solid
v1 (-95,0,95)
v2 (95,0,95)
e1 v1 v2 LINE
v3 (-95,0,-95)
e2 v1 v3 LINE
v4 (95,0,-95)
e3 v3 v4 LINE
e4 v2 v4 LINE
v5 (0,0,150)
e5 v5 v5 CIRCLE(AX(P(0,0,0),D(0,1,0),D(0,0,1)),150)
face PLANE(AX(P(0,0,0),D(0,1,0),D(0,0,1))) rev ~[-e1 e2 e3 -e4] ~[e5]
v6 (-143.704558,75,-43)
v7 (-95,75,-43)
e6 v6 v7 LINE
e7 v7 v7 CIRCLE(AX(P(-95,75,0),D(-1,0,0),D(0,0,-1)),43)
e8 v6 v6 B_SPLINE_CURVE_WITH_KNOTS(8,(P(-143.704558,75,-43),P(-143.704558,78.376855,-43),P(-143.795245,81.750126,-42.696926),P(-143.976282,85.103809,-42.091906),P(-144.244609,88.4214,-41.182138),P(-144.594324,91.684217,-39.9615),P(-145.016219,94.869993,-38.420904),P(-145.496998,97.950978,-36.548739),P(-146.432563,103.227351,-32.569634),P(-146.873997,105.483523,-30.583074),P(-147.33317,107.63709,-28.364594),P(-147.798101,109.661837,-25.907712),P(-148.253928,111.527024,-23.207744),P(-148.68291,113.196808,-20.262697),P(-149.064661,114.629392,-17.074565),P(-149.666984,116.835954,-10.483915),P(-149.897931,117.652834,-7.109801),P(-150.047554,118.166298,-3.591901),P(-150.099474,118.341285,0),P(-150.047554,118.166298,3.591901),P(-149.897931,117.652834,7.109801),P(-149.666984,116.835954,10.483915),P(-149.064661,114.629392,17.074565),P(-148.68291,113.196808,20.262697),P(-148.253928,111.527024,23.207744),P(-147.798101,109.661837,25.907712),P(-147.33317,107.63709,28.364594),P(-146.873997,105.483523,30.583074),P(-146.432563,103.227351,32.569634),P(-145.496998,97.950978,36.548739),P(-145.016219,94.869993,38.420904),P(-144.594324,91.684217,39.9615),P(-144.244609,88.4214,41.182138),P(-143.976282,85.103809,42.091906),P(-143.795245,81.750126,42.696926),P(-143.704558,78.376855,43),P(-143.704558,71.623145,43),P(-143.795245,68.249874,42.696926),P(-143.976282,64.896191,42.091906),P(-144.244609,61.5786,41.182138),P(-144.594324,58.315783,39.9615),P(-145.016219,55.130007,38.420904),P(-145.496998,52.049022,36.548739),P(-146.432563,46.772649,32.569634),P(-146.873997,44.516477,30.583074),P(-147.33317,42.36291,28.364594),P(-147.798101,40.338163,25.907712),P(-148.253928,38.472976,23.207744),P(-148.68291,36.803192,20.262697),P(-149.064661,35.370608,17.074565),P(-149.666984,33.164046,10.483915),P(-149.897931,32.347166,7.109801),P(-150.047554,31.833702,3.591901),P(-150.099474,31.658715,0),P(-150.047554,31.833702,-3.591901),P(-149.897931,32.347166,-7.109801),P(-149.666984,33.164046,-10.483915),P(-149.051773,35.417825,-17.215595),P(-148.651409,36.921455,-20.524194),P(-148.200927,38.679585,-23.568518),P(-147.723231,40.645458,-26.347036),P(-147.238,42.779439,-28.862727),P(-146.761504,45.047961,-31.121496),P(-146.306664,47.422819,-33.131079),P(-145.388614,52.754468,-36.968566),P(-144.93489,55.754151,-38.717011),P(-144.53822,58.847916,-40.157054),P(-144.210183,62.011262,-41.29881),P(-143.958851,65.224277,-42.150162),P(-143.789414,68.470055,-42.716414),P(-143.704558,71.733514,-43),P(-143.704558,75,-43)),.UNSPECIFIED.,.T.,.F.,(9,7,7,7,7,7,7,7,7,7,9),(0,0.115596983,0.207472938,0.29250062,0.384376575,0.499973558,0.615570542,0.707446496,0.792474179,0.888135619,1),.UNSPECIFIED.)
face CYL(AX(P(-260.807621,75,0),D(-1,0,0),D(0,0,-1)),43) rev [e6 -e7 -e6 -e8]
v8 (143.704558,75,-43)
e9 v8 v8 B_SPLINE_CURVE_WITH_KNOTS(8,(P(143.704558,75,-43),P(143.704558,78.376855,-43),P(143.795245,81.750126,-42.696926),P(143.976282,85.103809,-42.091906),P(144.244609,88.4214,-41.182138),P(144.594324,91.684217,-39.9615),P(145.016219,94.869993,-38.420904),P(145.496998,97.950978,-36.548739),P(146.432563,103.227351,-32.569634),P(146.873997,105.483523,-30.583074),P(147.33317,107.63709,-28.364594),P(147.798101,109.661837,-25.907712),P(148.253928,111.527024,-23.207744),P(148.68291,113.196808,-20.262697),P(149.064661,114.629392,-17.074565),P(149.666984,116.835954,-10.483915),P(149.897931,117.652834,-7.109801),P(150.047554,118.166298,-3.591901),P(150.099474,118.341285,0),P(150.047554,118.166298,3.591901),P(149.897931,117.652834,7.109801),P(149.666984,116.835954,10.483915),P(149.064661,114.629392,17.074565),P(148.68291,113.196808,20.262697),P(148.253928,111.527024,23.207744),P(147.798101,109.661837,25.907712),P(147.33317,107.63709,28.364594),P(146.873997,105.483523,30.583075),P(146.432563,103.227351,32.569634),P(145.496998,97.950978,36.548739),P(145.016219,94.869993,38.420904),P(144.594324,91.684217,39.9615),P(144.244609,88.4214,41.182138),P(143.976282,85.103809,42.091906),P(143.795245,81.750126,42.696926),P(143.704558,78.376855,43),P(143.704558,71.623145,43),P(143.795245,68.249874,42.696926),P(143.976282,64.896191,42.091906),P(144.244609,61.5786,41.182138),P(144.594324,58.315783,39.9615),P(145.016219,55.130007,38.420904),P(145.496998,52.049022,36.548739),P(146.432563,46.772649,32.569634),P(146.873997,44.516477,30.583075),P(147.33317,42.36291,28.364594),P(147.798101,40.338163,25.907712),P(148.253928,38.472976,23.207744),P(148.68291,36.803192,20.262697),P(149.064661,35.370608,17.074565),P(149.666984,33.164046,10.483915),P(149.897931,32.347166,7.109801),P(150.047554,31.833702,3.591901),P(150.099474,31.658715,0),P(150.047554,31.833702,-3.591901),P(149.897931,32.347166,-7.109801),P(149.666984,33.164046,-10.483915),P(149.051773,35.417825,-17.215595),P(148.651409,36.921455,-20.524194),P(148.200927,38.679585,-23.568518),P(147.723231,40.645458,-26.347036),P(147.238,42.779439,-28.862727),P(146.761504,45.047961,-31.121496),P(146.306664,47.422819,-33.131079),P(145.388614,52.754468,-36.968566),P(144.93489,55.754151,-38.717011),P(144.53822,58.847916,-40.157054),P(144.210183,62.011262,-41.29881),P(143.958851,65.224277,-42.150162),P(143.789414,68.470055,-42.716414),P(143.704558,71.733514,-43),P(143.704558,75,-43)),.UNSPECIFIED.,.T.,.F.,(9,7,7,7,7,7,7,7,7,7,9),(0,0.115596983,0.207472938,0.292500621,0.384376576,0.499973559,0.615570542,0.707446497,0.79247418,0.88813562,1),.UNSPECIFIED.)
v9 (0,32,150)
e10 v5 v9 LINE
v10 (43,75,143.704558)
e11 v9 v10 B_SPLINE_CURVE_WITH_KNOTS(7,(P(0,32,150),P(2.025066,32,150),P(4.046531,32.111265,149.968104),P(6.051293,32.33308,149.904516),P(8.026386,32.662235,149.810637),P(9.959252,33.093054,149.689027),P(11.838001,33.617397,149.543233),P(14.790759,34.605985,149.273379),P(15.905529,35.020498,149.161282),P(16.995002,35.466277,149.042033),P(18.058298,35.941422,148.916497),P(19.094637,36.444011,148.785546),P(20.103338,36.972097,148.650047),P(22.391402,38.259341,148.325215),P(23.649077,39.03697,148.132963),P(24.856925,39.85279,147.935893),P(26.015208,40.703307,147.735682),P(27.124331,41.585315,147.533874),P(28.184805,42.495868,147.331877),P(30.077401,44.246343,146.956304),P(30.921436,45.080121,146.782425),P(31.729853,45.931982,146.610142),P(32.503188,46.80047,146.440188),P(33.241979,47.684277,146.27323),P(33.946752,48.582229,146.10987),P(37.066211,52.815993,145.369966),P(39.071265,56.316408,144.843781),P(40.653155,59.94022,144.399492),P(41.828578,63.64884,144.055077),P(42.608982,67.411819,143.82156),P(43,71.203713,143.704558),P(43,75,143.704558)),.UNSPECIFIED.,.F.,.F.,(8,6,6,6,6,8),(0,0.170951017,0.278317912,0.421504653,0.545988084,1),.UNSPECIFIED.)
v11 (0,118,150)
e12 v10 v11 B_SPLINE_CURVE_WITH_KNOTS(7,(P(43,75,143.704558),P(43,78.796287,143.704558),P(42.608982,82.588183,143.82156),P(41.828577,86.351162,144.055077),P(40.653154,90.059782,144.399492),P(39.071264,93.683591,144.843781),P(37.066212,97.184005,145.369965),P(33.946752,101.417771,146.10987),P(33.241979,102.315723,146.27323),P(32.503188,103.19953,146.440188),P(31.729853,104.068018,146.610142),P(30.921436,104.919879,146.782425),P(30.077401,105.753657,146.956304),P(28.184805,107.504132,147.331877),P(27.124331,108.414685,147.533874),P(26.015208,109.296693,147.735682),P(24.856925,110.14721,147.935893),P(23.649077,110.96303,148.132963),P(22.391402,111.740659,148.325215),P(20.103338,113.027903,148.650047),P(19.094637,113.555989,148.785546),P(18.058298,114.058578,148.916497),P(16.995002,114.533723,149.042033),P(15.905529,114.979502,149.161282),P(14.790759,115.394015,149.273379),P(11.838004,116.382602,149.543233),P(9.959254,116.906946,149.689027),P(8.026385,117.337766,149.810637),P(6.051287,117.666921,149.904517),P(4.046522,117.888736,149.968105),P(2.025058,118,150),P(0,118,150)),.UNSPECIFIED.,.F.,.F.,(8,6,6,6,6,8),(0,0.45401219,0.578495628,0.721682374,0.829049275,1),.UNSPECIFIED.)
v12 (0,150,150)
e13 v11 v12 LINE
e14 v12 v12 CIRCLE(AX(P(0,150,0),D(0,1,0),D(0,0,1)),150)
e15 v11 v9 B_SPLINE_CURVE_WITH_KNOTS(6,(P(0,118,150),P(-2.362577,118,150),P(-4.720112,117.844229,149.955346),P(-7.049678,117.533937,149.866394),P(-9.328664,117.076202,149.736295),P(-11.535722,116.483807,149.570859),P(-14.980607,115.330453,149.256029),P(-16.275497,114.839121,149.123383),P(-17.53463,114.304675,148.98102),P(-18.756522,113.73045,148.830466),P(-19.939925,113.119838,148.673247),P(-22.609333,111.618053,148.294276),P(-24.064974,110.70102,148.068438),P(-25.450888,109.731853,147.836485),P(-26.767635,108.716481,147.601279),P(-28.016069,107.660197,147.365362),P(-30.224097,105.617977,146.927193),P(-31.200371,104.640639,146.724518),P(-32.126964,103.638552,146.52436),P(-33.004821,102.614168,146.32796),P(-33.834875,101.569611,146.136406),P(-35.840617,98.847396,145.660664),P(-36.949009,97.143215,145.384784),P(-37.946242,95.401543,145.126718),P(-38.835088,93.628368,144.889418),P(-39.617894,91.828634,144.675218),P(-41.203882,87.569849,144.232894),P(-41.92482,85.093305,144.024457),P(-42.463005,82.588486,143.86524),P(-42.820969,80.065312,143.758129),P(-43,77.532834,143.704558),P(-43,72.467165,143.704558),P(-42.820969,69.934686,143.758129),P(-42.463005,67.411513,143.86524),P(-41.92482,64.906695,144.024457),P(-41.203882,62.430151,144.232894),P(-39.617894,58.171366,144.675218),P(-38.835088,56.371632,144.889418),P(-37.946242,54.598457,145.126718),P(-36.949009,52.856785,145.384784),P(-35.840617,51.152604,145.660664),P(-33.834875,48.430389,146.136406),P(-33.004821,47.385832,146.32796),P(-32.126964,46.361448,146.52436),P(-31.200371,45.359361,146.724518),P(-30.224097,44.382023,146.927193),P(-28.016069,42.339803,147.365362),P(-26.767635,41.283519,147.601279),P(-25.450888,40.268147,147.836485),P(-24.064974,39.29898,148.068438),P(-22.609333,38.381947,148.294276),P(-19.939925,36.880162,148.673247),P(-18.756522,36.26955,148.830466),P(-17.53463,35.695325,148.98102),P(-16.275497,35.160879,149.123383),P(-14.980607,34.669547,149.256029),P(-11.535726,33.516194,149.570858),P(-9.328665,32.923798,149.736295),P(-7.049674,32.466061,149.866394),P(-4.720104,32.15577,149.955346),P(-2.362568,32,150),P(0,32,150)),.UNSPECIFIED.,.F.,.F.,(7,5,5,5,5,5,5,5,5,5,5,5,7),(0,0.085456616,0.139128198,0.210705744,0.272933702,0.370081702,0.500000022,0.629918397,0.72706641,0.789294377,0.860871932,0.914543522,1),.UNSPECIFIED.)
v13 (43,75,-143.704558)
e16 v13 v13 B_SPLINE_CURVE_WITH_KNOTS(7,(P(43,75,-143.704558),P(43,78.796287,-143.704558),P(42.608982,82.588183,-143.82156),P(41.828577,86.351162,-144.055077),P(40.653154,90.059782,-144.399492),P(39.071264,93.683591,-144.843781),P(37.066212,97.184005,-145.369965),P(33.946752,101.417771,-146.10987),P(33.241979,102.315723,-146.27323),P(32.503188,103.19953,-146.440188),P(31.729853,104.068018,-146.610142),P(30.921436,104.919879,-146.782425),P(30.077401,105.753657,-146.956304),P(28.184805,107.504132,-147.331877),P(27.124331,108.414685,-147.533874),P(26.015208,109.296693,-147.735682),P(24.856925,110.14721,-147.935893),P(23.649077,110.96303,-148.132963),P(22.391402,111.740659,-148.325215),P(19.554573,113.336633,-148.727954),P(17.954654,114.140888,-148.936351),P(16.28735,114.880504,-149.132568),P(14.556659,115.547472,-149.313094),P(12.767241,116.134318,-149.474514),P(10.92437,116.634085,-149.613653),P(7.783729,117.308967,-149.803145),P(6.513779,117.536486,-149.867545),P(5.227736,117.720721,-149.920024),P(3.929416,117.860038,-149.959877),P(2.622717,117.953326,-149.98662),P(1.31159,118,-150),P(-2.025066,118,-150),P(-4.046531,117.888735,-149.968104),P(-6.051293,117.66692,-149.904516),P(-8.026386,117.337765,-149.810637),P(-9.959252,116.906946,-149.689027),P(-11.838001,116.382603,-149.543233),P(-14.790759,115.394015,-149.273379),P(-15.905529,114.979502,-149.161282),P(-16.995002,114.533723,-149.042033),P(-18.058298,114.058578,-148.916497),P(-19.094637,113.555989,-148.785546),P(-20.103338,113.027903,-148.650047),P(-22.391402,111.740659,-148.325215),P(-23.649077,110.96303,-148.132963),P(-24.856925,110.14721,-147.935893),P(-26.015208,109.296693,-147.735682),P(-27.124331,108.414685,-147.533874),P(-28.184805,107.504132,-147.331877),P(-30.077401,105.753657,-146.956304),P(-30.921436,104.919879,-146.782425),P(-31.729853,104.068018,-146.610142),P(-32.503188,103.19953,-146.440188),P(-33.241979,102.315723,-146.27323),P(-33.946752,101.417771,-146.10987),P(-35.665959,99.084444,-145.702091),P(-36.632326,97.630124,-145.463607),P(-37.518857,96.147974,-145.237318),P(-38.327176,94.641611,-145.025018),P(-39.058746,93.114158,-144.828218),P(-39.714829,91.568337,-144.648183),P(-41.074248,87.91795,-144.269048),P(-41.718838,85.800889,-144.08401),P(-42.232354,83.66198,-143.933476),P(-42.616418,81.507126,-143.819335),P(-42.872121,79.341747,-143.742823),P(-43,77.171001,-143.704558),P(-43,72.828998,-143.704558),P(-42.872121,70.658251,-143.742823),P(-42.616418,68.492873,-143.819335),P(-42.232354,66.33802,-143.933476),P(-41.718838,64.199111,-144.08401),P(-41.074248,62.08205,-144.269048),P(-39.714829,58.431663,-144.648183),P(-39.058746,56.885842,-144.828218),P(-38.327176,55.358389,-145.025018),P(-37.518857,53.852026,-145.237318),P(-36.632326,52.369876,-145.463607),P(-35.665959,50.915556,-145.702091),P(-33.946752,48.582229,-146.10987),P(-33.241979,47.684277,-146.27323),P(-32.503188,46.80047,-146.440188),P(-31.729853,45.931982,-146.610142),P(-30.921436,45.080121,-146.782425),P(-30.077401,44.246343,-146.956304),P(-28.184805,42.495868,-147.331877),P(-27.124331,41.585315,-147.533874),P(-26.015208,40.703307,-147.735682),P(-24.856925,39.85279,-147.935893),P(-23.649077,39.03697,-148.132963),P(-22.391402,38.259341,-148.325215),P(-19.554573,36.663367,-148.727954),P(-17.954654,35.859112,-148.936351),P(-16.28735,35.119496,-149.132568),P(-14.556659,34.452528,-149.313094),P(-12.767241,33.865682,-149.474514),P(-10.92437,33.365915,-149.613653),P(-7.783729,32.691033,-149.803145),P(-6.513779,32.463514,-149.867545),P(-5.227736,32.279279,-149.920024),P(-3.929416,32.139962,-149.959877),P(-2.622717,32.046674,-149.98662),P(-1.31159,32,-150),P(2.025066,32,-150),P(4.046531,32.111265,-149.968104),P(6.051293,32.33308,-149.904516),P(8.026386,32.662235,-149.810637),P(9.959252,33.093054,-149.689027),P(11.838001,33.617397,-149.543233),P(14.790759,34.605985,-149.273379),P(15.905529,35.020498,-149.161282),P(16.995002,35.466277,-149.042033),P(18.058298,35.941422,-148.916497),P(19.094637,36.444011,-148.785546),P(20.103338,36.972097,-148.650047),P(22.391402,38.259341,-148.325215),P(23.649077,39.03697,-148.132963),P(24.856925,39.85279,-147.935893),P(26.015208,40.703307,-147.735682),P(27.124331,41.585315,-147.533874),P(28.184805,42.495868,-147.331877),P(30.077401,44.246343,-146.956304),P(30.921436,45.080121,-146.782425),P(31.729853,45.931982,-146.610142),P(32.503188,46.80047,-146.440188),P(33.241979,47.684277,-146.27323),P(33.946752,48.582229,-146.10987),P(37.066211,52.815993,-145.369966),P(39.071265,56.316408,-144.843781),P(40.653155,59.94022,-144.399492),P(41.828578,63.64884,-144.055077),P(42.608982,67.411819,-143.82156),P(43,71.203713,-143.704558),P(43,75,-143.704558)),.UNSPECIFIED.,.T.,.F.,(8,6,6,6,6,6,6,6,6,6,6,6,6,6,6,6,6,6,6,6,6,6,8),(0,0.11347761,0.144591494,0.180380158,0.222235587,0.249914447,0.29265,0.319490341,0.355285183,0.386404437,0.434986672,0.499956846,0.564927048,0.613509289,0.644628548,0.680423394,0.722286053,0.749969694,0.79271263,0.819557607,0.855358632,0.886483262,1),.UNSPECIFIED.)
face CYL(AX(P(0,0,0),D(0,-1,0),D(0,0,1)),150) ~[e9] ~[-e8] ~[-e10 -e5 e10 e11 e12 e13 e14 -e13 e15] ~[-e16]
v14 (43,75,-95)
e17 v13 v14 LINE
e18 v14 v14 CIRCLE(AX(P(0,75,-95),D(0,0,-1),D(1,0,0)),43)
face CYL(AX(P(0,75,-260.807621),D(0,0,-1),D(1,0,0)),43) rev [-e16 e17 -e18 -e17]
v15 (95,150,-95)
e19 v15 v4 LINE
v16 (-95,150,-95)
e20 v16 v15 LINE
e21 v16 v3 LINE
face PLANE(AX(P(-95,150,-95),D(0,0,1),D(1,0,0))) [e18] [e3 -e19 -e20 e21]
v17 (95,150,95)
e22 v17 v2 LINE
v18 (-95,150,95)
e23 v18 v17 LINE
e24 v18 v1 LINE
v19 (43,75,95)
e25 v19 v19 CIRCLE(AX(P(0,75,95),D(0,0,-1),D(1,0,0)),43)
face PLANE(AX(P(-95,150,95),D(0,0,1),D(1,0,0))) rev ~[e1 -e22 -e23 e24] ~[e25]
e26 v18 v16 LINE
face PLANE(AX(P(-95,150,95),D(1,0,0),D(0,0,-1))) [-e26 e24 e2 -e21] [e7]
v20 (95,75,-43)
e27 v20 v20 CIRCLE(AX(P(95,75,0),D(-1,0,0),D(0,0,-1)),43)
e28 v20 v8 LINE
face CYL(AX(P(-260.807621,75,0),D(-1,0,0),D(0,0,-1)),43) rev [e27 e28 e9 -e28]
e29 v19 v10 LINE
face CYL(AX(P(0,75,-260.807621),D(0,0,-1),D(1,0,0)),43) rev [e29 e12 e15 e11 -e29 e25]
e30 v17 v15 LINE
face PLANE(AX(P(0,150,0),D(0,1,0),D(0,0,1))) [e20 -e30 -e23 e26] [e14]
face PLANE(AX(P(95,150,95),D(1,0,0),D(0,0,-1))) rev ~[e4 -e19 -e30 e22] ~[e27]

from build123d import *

# Parameters (mm, degrees)
SKETCH1_R               = 150
BOSS_EXTRUDE1_DEPTH     = 150
SKETCH2_W               = 190
SKETCH2_H               = 190
CUT_EXTRUDE1_DEPTH      = 150
CUT_EXTRUDE2_DEPTH      = 260.807621135
CUT_EXTRUDE2_DEPTH_BACK = 260.807621135
SKETCH3_R               = 43
CUT_EXTRUDE3_DEPTH      = 260.807621309
CUT_EXTRUDE3_DEPTH_BACK = 260.807621309
SKETCH4_R               = 43


with BuildPart() as part:
    # Sketch1 → Boss-Extrude1 (new body)
    with BuildSketch(Plane(origin=(0, 0, 0), x_dir=(1, 0, 0), z_dir=(0, 1, 0))):
        with Locations(Location((0, 0, 0), (0, 0, 270))):
            Circle(SKETCH1_R)
    extrude(amount=BOSS_EXTRUDE1_DEPTH)

    # Sketch2 → Cut-Extrude1 (cut)
    with BuildSketch(Plane(origin=(0, 150, 0), x_dir=(1, 0, 0), z_dir=(0, 1, 0))):
        Rectangle(SKETCH2_W, SKETCH2_H)
    extrude(amount=-CUT_EXTRUDE1_DEPTH, mode=Mode.SUBTRACT)

    # Sketch3 → Cut-Extrude2 (cut, two sides: drawn at the far end of the back side and taken through both)
    with BuildSketch(Plane.XY.offset(-CUT_EXTRUDE2_DEPTH_BACK)):
        with Locations((0, 75)):
            Circle(SKETCH3_R)
    extrude(amount=CUT_EXTRUDE2_DEPTH + CUT_EXTRUDE2_DEPTH_BACK, mode=Mode.SUBTRACT)

    # Sketch4 → Cut-Extrude3 (cut, two sides: drawn at the far end of the back side and taken through both)
    with BuildSketch(Plane(origin=(0, 0, 0), x_dir=(0, 0, -1), z_dir=(1, 0, 0)).offset(-CUT_EXTRUDE3_DEPTH_BACK)):
        with Locations((0, 75)):
            Circle(SKETCH4_R)
    extrude(amount=CUT_EXTRUDE3_DEPTH + CUT_EXTRUDE3_DEPTH_BACK, mode=Mode.SUBTRACT)


solid = part.part
